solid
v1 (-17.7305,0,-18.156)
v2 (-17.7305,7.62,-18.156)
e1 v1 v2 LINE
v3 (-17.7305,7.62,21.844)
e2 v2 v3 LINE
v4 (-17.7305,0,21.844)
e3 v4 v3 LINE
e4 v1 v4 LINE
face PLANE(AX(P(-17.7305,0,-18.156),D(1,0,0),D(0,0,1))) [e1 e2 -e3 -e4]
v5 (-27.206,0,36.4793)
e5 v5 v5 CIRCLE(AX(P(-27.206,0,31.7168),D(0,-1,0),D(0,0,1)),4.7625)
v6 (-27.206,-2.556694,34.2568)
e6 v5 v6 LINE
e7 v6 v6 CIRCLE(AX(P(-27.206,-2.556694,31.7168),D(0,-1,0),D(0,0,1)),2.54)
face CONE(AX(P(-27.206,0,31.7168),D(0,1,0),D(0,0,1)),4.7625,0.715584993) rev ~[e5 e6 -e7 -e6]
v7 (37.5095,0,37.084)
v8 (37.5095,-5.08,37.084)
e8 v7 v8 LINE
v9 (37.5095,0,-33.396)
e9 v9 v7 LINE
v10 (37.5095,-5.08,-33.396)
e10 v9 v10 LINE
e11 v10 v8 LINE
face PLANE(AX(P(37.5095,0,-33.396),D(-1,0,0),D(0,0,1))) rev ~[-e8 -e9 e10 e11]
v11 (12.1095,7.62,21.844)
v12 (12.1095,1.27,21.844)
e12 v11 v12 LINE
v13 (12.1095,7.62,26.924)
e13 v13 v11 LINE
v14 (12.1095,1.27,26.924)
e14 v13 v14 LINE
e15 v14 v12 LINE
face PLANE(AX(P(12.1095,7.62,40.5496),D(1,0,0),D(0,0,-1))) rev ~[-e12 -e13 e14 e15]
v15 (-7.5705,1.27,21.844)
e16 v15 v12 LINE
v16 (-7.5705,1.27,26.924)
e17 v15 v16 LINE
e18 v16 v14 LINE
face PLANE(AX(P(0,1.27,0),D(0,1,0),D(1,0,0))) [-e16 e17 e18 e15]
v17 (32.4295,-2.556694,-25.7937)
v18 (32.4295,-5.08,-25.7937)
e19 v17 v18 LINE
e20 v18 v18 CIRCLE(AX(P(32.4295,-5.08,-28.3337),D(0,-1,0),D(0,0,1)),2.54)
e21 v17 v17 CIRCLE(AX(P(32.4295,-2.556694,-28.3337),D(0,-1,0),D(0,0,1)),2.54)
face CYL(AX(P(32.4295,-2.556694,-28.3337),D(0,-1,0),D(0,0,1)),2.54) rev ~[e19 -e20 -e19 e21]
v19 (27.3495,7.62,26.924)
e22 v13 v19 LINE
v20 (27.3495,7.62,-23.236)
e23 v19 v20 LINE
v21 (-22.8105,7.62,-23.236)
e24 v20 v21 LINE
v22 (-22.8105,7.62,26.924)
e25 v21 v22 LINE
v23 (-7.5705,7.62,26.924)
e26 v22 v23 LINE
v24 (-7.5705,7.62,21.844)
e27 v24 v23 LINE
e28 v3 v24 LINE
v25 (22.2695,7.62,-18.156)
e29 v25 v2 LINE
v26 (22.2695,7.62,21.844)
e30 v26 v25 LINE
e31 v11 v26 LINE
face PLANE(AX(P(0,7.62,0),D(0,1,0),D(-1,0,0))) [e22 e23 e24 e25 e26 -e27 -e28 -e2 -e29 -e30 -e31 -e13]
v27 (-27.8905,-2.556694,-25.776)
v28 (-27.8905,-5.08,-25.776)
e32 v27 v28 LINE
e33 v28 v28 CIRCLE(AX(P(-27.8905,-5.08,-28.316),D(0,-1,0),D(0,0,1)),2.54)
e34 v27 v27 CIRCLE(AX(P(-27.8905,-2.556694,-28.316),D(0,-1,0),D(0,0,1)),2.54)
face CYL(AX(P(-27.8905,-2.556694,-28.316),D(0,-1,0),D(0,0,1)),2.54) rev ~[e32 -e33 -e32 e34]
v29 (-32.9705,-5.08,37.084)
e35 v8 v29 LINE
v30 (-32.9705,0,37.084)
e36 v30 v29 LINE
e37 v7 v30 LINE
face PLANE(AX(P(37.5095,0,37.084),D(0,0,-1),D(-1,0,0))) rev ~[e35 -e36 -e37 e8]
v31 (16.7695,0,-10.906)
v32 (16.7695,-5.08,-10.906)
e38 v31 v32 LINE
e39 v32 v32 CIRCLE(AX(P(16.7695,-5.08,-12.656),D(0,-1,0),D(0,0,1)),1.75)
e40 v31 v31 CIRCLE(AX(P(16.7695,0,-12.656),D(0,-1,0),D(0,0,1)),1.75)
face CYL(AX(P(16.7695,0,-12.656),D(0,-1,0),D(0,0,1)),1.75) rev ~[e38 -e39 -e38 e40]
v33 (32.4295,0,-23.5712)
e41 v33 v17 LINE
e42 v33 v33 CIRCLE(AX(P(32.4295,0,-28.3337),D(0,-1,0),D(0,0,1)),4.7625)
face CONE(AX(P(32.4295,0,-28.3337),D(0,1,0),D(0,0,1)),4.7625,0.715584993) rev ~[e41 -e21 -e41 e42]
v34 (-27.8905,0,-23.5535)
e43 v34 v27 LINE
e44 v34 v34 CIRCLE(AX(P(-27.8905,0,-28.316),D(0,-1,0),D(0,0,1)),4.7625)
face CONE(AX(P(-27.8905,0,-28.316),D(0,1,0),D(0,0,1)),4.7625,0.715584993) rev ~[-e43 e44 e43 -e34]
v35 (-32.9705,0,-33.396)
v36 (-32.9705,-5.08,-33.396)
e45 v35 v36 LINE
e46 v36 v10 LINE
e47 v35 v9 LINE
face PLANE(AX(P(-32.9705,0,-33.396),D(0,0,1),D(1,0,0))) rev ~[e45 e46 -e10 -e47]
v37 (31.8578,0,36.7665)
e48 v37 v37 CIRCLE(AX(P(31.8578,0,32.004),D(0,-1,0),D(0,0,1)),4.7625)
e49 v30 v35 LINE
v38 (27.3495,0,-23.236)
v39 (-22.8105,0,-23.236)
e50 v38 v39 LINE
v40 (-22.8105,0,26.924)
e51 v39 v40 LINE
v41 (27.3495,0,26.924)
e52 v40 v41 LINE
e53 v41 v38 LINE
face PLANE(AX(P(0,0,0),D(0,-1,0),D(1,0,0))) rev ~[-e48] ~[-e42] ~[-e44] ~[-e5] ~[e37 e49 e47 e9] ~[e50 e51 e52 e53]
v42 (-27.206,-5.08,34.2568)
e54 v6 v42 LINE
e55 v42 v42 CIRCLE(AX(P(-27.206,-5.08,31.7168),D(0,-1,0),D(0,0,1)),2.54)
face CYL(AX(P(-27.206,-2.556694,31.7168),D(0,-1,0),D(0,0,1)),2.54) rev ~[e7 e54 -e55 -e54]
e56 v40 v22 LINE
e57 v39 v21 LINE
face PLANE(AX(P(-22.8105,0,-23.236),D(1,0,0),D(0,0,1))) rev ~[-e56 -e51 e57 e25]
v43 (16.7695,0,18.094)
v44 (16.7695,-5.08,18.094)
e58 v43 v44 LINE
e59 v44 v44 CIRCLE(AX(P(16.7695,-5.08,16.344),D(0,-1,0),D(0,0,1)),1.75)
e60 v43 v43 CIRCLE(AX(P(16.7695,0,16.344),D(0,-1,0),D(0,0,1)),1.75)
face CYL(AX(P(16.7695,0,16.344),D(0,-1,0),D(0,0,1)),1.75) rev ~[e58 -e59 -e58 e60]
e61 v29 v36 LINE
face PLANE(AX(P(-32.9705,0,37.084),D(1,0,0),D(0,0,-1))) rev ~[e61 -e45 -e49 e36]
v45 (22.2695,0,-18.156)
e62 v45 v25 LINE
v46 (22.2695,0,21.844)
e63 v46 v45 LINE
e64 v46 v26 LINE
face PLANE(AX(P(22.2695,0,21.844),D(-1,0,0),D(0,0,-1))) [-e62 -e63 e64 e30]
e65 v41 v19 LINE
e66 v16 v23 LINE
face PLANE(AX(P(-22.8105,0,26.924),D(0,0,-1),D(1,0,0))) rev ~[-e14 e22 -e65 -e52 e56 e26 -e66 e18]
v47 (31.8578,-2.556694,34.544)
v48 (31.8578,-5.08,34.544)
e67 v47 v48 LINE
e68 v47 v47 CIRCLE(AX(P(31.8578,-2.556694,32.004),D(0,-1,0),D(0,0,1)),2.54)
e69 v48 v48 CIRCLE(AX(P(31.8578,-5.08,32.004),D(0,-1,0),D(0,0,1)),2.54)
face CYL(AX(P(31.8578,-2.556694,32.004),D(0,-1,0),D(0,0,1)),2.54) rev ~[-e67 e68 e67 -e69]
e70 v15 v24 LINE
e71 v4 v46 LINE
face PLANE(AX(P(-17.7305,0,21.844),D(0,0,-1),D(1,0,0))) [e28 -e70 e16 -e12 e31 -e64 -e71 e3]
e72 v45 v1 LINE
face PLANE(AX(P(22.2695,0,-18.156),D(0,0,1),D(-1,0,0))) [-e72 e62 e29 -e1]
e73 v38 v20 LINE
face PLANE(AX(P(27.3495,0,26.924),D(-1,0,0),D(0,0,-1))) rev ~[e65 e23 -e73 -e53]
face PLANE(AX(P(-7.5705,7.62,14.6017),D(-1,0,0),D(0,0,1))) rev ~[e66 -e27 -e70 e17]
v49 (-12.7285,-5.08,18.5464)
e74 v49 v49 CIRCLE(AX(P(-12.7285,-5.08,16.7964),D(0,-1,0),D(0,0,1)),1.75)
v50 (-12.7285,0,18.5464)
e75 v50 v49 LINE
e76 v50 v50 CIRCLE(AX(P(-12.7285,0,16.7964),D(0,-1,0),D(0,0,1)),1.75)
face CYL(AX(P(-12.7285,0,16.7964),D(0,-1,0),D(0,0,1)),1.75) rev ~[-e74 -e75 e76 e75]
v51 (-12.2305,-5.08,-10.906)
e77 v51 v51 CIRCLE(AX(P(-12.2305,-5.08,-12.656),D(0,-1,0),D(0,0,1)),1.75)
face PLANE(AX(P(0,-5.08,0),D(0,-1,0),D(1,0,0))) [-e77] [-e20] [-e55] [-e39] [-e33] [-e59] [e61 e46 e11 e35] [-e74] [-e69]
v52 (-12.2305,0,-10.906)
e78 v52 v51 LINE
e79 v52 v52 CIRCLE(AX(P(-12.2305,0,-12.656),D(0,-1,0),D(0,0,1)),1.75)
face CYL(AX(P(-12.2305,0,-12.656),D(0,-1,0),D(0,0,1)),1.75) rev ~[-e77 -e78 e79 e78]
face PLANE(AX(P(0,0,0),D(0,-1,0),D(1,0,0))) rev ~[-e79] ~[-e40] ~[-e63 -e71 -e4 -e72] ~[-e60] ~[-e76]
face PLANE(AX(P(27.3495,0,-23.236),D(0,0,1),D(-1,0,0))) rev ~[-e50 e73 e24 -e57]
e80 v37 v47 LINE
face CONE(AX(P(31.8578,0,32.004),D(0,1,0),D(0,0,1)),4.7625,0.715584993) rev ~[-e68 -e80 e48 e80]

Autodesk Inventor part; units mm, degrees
ref_plane "YZ Plane" through (0, 0, 0) normal (1, 0, 0) x (0, 1, 0)
ref_plane "XZ Plane" through (0, 0, 0) normal (0, 1, 0) x (-1, 0, 0)
ref_plane "XY Plane" through (0, 0, 0) normal (0, 0, 1) x (1, 0, 0)
sketch "Sketch1" plane through (0, 0, 0) normal (0, 1, 0) x (-1, 0, 0)
  line L0 (17.7305, 21.844) -> (-22.2695, 21.844)
  line L1 (-22.2695, 21.844) -> (-22.2695, -18.156)
  line L2 (-22.2695, -18.156) -> (17.7305, -18.156)
  line L3 (17.7305, -18.156) -> (17.7305, 21.844)
  line L4 (22.8105, 26.924) -> (-27.3495, 26.924)
  line L5 (-27.3495, 26.924) -> (-27.3495, -23.236)
  line L6 (-27.3495, -23.236) -> (22.8105, -23.236)
  line L7 (22.8105, -23.236) -> (22.8105, 26.924)
  point P0 (0, 0)
  dimension "d0" = 40
  dimension "d1" = 40
  dimension "d2" = 5.08
  dimension "d3" = 5.08
  dimension "d4" = 5.08
  dimension "d5" = 5.08
extrude "Extrusion1" add sketch "Sketch1" along normal blind 7.62
sketch "Sketch2" plane through (0, 0, 0) normal (0, -1, 0) x (1, 0, 0)
  line L0 (37.5095, 37.084) -> (-32.9705, 37.084)
  line L1 (-32.9705, 37.084) -> (-32.9705, -33.396)
  line L2 (-32.9705, -33.396) -> (37.5095, -33.396)
  line L3 (37.5095, -33.396) -> (37.5095, 37.084)
  line L4 (-22.8105, 26.924) -> (27.3495, 26.924) projected
  line L5 (27.3495, 26.924) -> (27.3495, -23.236) projected
  line L6 (-22.8105, -23.236) -> (-22.8105, 26.924) projected
  line L7 (27.3495, -23.236) -> (-22.8105, -23.236) projected
  point P0 (0, 0)
  dimension "d8" = 10.16
  dimension "d9" = 10.16
  dimension "d10" = 10.16
  dimension "d11" = 10.16
extrude "Extrusion2" add sketch "Sketch2" along normal blind 5.08 contours L3 L2 L1 L0 | L4 L5 L7 L6
sketch "Sketch3" plane through (0, 0, 0) normal (0, 1, 0) x (1, 0, 0)
  line L0 (-32.9705, 33.396) -> (37.5095, 33.396) projected
  line L1 (-32.9705, -37.084) -> (-32.9705, 33.396) projected
  line L2 (37.5095, 33.396) -> (37.5095, -37.084) projected
  line L3 (37.5095, -37.084) -> (-32.9705, -37.084) projected
  point P0 (0, 0)
  point P1 (-27.8905, 28.316)
  point P2 (32.4295, 28.3337)
  point P3 (31.8578, -32.004)
  point P4 (-27.206, -31.7168)
  dimension "d14" = 5.08
  dimension "d15" = 5.08
  dimension "d16" = 5.08
  dimension "d17" = 5.08
hole "Hole1" at (-27.8905, 0, -28.316) at (32.4295, 0, -28.3337) at (31.8578, 0, 32.004) at (-27.206, 0, 31.7168) direction (0, -1, 0) diameter 5.08 depth 25.4 tip angle 118 countersink diameter 9.525 countersink angle 82
sketch "Sketch4" plane through (0, 0, 0) normal (0, 1, 0) x (1, 0, 0)
  line L0 (-17.7305, 18.156) -> (22.2695, 18.156) projected
  line L1 (22.2695, -21.844) -> (-17.7305, -21.844) projected
  line L2 (22.2695, -21.844) -> (22.2695, 18.156) projected
  line L3 (-17.7305, 18.156) -> (-17.7305, -21.844) projected
  point P0 (0, 0)
  point P1 (-12.2305, 12.656)
  point P2 (16.7695, 12.656)
  point P3 (16.7695, -16.344)
  point P4 (-12.7285, -16.7964)
  dimension "d25" = 29
  dimension "d26" = 29
  dimension "d27" = 5.5
  dimension "d28" = 5.5
  dimension "d29" = 5.5
  dimension "d30" = 5.5
hole "Hole2" at (-12.2305, 0, -12.656) at (16.7695, 0, -12.656) at (16.7695, 0, 16.344) at (-12.7285, 0, 16.7964) direction (0, -1, 0) diameter 3.5 depth 25.4 tip angle 118
sketch "Sketch5" plane through (0, 7.62, 0) normal (0, 1, 0) x (1, 0, 0)
  line L0 (-7.5705, -40.5496) -> (12.1095, -40.5496)
  line L1 (12.1095, -40.5496) -> (12.1095, -14.6017)
  line L2 (12.1095, -14.6017) -> (-7.5705, -14.6017)
  line L3 (-7.5705, -14.6017) -> (-7.5705, -40.5496)
  line L4 (-22.8105, 23.236) -> (-22.8105, -26.924) projected
  line L5 (27.3495, -26.924) -> (27.3495, 23.236) projected
  point P0 (0, 0)
  dimension "d38" = 15.24
  dimension "d39" = 15.24
extrude "Extrusion3" cut sketch "Sketch5" against normal blind 6.35
properties part number "PigeonIMUMount"
